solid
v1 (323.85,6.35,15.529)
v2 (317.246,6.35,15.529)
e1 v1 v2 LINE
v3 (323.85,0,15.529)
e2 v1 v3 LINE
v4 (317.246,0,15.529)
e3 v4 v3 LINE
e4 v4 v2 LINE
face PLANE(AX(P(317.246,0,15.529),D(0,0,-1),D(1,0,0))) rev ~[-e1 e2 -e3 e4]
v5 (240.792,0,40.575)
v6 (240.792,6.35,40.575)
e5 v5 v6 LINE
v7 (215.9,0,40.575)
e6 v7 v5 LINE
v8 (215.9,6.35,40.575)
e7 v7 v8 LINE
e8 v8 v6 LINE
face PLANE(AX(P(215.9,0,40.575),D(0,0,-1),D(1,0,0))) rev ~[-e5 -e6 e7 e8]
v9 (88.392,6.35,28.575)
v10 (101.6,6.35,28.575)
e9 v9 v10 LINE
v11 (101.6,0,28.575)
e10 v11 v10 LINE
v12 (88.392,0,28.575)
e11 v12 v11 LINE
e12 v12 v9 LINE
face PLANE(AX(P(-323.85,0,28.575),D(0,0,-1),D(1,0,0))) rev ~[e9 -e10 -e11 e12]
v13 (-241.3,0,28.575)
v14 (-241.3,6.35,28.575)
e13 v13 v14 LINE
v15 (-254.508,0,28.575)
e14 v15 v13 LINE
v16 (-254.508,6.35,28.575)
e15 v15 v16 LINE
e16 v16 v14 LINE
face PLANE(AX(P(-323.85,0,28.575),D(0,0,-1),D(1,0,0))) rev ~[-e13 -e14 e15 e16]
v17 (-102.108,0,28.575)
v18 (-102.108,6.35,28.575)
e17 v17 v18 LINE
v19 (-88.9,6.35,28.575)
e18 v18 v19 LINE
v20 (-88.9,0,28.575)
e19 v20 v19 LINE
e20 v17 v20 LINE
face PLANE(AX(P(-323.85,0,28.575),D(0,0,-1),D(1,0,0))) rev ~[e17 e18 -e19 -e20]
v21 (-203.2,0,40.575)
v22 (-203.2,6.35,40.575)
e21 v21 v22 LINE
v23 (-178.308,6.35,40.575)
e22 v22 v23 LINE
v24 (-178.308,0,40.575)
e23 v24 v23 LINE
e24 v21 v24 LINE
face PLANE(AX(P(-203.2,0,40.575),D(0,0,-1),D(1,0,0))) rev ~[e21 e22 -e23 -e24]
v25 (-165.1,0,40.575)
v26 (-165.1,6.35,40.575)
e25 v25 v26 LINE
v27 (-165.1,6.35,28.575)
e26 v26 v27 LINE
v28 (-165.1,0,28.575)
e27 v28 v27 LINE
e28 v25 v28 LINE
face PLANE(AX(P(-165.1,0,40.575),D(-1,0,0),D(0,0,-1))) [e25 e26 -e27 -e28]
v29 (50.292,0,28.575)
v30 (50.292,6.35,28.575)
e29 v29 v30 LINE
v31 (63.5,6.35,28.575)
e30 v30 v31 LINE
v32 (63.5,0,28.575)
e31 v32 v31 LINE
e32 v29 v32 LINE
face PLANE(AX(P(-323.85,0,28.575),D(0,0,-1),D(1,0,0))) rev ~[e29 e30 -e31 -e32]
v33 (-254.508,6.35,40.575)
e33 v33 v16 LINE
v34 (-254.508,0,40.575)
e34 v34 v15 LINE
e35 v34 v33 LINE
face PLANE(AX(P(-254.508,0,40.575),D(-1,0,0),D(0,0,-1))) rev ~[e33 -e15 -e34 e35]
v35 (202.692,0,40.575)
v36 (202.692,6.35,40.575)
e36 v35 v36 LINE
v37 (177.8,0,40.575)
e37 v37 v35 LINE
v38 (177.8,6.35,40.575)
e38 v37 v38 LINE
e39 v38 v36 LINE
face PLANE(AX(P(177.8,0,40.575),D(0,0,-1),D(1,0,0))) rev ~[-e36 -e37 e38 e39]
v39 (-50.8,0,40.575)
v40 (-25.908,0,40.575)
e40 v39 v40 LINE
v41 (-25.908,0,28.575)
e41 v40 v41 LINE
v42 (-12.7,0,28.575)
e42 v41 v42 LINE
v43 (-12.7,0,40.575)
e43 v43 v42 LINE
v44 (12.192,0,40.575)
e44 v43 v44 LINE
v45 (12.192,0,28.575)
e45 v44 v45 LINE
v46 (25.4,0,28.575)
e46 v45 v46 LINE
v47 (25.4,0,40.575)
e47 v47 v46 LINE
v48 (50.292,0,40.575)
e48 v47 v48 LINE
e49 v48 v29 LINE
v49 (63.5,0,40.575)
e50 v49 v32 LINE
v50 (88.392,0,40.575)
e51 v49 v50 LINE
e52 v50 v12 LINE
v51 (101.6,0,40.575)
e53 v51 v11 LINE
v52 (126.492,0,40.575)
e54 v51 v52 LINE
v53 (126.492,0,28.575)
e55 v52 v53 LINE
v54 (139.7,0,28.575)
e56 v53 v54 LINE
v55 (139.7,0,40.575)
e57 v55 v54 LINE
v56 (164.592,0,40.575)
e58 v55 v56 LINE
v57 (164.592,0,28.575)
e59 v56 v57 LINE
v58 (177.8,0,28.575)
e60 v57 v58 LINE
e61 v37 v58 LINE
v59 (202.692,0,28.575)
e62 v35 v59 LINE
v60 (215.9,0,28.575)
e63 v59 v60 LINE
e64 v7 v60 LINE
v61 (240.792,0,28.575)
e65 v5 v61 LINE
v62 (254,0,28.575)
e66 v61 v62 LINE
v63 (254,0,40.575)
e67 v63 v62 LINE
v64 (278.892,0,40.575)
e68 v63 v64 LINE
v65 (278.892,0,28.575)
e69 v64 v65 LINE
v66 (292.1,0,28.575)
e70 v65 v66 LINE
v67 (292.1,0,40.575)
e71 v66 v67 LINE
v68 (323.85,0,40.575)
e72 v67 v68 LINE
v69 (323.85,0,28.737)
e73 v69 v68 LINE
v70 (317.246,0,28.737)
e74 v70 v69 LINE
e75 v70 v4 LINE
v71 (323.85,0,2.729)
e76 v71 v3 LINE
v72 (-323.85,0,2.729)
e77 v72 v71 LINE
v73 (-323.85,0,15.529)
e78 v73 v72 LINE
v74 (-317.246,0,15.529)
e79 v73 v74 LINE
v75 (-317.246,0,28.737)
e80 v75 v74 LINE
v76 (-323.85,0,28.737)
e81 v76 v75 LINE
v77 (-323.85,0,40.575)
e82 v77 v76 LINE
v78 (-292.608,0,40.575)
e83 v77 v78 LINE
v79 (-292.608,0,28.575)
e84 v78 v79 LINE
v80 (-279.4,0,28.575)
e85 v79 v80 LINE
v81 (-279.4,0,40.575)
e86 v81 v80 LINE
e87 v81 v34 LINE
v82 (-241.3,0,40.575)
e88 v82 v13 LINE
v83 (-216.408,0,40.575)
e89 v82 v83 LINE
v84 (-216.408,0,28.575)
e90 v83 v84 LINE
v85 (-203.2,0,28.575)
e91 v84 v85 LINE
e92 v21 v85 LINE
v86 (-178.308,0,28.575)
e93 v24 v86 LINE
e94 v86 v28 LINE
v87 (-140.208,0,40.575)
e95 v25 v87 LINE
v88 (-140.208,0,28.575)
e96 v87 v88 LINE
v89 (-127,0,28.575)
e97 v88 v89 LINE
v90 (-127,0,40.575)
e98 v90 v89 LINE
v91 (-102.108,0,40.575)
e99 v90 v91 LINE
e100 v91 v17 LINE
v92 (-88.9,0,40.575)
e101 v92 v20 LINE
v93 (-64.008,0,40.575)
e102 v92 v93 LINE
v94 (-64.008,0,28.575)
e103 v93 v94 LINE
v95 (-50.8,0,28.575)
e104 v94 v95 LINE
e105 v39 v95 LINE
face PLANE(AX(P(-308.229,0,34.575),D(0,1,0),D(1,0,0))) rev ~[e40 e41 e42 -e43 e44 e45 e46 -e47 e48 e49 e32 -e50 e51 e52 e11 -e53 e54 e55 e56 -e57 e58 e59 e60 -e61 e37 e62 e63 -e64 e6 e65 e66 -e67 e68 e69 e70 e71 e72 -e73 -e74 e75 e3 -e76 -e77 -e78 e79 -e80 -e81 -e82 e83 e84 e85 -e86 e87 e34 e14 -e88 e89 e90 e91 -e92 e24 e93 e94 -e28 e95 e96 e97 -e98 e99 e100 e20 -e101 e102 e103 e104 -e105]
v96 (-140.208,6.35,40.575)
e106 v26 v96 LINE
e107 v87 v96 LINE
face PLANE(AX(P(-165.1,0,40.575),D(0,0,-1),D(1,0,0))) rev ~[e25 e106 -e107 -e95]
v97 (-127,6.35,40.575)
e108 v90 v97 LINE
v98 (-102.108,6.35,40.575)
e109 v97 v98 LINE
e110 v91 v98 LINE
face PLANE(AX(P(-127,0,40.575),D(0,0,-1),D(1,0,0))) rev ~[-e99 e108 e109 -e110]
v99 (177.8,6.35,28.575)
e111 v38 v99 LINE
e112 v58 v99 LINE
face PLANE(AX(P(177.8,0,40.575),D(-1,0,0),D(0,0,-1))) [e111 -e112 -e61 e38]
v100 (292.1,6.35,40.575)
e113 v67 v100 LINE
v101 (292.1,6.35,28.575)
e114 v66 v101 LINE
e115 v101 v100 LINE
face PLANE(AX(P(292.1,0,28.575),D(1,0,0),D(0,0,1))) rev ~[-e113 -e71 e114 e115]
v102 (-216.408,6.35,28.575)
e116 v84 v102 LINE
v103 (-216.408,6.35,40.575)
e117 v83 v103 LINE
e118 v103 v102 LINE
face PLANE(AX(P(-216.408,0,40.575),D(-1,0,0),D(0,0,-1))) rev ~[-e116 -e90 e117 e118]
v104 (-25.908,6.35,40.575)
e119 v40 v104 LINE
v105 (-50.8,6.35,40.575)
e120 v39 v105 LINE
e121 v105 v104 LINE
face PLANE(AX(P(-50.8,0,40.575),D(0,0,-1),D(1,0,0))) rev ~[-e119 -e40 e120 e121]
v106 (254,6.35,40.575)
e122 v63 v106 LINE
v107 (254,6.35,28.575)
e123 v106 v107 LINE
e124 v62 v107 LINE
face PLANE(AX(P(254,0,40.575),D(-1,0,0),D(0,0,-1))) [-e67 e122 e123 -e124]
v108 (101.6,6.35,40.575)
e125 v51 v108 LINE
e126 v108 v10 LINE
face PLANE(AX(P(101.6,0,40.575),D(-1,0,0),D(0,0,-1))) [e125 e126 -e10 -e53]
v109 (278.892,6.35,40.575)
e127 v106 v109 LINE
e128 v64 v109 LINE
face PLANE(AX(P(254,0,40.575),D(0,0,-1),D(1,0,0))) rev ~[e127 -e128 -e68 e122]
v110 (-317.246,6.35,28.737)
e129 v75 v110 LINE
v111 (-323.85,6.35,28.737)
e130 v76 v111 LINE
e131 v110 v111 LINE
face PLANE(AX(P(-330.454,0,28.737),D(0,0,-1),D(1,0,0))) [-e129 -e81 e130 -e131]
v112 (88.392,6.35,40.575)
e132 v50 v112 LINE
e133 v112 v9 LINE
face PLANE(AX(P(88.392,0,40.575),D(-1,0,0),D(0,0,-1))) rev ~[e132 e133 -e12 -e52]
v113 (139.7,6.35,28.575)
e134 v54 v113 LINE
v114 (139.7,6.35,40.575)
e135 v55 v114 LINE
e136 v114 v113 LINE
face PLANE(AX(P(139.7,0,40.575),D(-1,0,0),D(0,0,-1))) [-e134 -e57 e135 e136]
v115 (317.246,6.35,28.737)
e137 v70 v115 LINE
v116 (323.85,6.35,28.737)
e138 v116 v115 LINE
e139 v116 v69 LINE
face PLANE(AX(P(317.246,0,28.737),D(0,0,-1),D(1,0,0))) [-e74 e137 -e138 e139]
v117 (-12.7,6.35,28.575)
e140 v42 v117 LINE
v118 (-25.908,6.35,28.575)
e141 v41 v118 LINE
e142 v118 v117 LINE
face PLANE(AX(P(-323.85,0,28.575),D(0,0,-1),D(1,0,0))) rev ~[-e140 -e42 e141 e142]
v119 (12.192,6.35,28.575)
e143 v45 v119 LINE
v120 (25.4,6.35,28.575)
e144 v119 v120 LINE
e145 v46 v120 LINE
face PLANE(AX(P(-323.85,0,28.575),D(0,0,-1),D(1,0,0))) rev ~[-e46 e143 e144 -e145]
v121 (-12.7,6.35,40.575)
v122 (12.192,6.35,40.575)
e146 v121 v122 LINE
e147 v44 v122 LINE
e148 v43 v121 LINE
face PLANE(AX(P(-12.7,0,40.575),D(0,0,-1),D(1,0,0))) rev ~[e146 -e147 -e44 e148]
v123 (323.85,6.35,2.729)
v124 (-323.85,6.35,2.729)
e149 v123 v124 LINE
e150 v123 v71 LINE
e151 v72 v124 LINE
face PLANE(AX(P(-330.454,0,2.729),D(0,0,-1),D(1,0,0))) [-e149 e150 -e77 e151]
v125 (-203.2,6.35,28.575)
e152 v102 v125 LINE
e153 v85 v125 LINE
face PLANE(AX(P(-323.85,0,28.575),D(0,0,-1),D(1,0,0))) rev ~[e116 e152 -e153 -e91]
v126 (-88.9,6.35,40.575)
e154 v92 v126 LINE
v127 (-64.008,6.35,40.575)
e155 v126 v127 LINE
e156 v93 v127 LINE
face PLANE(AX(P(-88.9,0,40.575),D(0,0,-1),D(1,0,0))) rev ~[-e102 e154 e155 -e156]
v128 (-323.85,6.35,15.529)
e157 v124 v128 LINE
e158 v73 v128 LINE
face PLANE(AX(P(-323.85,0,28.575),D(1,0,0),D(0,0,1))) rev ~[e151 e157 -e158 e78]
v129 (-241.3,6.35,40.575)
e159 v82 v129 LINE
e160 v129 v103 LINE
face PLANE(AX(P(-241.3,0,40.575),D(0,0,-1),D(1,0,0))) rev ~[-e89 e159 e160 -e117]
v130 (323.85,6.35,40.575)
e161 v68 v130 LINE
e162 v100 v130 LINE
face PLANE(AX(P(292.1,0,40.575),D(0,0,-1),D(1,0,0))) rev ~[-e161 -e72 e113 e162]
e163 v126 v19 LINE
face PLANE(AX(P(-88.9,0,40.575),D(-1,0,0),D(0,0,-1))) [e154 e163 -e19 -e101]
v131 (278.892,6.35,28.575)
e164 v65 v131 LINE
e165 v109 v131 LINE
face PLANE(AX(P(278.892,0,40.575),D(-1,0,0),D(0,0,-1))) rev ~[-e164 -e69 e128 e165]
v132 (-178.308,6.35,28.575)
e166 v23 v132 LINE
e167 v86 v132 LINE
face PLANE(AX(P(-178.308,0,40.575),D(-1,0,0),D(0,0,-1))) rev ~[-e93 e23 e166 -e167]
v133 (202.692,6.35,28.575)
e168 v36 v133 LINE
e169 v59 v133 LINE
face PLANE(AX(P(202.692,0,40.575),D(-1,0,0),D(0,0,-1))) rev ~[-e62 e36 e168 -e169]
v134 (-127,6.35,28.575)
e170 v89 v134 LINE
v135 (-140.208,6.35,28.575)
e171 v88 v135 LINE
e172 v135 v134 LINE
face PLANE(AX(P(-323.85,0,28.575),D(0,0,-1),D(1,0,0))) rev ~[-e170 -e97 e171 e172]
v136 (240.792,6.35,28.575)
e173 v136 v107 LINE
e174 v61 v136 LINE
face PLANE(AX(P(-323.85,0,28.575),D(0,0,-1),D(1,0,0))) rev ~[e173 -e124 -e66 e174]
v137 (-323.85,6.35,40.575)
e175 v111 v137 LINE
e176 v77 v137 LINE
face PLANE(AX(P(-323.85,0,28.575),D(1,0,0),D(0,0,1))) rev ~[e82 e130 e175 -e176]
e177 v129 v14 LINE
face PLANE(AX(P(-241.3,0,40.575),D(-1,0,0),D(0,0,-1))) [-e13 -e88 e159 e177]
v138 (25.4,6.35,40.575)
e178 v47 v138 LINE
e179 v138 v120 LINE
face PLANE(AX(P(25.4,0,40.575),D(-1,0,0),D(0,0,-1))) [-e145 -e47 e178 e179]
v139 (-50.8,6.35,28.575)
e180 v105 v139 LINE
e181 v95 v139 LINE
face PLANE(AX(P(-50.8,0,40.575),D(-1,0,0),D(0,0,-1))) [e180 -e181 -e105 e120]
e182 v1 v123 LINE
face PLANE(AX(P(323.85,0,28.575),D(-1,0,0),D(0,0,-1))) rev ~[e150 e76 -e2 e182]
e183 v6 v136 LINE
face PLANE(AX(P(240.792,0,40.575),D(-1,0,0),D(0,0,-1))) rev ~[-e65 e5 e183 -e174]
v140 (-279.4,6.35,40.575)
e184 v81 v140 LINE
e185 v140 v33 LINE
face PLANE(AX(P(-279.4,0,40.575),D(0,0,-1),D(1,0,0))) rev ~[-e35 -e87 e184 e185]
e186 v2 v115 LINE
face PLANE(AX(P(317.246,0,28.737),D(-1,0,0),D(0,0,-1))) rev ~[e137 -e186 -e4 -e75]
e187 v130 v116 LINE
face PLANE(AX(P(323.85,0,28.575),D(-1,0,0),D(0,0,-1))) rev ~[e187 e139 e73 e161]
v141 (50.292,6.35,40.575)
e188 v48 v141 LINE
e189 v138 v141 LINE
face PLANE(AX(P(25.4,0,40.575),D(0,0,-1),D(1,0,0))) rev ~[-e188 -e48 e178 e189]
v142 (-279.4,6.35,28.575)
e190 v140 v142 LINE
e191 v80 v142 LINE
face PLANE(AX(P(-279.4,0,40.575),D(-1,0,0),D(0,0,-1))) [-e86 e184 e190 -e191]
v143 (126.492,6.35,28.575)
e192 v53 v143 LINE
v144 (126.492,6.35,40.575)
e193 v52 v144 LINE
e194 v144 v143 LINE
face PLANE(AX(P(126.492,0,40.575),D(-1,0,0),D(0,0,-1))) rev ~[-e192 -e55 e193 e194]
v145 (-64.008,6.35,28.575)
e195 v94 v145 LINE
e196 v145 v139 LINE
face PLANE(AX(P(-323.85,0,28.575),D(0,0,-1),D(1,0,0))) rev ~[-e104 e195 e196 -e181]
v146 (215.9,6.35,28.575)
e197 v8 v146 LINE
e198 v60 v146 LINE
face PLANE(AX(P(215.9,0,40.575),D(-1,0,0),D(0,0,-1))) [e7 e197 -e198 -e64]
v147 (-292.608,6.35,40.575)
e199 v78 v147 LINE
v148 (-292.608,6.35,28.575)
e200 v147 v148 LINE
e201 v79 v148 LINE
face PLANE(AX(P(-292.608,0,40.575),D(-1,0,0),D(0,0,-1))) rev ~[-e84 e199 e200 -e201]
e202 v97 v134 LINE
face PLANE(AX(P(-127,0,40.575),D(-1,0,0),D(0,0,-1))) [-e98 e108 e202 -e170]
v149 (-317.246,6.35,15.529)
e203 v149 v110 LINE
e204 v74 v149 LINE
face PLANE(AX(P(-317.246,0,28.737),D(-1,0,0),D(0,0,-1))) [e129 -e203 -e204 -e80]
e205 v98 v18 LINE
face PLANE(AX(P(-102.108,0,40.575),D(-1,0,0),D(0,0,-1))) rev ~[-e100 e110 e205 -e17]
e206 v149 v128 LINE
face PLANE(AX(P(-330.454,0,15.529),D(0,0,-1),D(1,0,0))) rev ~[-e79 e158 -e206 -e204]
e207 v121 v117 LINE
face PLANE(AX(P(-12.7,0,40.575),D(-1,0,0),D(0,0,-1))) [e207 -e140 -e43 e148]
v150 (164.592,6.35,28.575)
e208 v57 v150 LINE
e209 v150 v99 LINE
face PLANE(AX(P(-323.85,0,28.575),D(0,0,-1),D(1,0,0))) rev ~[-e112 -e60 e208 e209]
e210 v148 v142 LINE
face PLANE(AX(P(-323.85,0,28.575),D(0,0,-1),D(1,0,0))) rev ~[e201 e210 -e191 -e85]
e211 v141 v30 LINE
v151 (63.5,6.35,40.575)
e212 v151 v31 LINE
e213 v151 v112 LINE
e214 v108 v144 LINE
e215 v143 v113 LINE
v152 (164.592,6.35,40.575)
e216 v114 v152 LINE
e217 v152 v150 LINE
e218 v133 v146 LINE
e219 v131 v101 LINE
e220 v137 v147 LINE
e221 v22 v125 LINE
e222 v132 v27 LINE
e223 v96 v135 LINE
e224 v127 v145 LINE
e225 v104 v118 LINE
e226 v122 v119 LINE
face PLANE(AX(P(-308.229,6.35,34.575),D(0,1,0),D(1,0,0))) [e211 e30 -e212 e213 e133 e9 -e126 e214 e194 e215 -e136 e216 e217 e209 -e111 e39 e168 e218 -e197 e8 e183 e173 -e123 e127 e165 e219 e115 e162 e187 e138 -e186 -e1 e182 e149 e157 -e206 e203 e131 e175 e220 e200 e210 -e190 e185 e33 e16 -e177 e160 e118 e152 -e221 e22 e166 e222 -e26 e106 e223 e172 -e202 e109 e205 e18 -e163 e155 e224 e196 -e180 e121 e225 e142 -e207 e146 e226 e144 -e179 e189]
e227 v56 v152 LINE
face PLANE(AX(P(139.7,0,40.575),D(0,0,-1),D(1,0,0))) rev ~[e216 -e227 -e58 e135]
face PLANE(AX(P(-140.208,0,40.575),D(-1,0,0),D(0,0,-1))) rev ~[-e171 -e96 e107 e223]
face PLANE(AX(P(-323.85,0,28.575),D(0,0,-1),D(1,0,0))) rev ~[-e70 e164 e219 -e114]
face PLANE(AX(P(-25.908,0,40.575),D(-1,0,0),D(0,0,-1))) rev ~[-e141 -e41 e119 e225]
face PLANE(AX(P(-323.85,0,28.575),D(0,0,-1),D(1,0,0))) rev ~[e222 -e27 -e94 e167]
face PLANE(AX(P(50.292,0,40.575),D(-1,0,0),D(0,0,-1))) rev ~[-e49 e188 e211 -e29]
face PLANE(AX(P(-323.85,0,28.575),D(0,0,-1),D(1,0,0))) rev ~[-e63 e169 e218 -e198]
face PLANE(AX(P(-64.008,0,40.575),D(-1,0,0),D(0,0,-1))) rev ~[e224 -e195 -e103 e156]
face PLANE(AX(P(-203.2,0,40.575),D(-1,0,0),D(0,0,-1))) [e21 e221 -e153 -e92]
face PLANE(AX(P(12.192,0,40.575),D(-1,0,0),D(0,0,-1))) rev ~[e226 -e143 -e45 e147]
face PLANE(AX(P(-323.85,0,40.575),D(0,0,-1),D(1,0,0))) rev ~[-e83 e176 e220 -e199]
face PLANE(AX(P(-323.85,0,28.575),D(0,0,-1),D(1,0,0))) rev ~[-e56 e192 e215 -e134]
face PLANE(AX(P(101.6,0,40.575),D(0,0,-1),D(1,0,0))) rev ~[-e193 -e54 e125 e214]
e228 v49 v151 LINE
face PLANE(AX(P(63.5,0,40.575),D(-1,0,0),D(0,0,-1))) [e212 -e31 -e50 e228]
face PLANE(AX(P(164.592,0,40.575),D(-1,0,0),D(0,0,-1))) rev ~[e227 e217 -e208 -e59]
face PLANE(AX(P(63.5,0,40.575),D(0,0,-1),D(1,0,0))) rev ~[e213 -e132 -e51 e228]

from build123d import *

# Parameters (mm, degrees)
SKETCH1_W           = 647.7
SKETCH1_H           = 57.15
BOSS_EXTRUDE1_DEPTH = 6.35
SKETCH3_W           = 24.892
SKETCH3_H           = 12
BOSS_EXTRUDE2_DEPTH = 6.35
SKETCH4_W           = 13.208
SKETCH4_H           = 13.208
CUT_EXTRUDE2_DEPTH  = 327.443679101
SKETCH5_W           = 647.7
SKETCH5_H           = 6.35
CUT_EXTRUDE3_DEPTH  = 31.304


with BuildPart() as part:
    # Sketch1 → Boss-Extrude1 (new body)
    with BuildSketch(Plane(origin=(0, 0, 0), x_dir=(1, 0, 0), z_dir=(0, 1, 0))):
        Rectangle(SKETCH1_W, SKETCH1_H)
    extrude(amount=BOSS_EXTRUDE1_DEPTH)

    # Sketch3 → Boss-Extrude2 (add)
    with BuildSketch(Plane(origin=(0, 0, 0), x_dir=(1, 0, 0), z_dir=(0, 1, 0))):
        Polygon((-317.5, -40.575), (-292.608, -40.575), (-292.608, -28.575), (-317.5, -28.575), (-323.85, -28.575), (-323.85, -40.575), align=None)
        with Locations((-266.954, -34.575)):
            Rectangle(SKETCH3_W, SKETCH3_H)
        with Locations((-228.854, -34.575)):
            Rectangle(SKETCH3_W, SKETCH3_H)
        with Locations((-190.754, -34.575)):
            Rectangle(SKETCH3_W, SKETCH3_H)
        with Locations((-152.654, -34.575)):
            Rectangle(SKETCH3_W, SKETCH3_H)
        with Locations((-114.554, -34.575)):
            Rectangle(SKETCH3_W, SKETCH3_H)
        with Locations((-76.454, -34.575)):
            Rectangle(SKETCH3_W, SKETCH3_H)
        with Locations((-38.354, -34.575)):
            Rectangle(SKETCH3_W, SKETCH3_H)
        with Locations((-0.254, -34.575)):
            Rectangle(SKETCH3_W, SKETCH3_H)
        with Locations((37.846, -34.575)):
            Rectangle(SKETCH3_W, SKETCH3_H)
        with Locations((75.946, -34.575)):
            Rectangle(SKETCH3_W, SKETCH3_H)
        with Locations((114.046, -34.575)):
            Rectangle(SKETCH3_W, SKETCH3_H)
        with Locations((152.146, -34.575)):
            Rectangle(SKETCH3_W, SKETCH3_H)
        with Locations((190.246, -34.575)):
            Rectangle(SKETCH3_W, SKETCH3_H)
        with Locations((228.346, -34.575)):
            Rectangle(SKETCH3_W, SKETCH3_H)
        with Locations((266.446, -34.575)):
            Rectangle(SKETCH3_W, SKETCH3_H)
        Polygon((316.992, -28.575), (292.1, -28.575), (292.1, -40.575), (316.992, -40.575), (323.85, -40.575), (323.85, -28.575), align=None)
    extrude(amount=BOSS_EXTRUDE2_DEPTH)

    # Sketch4 → Cut-Extrude2 (cut, through all)
    with BuildSketch(Plane(origin=(0, 0, 0), x_dir=(1, 0, 0), z_dir=(0, 1, 0))):
        with Locations((-323.85, 3.875)):
            Rectangle(SKETCH4_W, SKETCH4_H)
        with Locations((-323.85, -22.133)):
            Rectangle(SKETCH4_W, SKETCH4_H)
        with Locations((323.85, -22.133)):
            Rectangle(SKETCH4_W, SKETCH4_H)
        with Locations((323.85, 3.875)):
            Rectangle(SKETCH4_W, SKETCH4_H)
        with Locations((-323.85, -48.141)):
            Rectangle(SKETCH4_W, SKETCH4_H)
        with Locations((323.85, -48.141)):
            Rectangle(SKETCH4_W, SKETCH4_H)
    extrude(amount=CUT_EXTRUDE2_DEPTH, mode=Mode.SUBTRACT)

    # Sketch5 → Cut-Extrude3 (cut)
    with BuildSketch(Plane(origin=(0, 0, -28.575), x_dir=(-1, 0, 0), z_dir=(0, 0, -1))):
        with Locations((0, 3.175)):
            Rectangle(SKETCH5_W, SKETCH5_H)
    extrude(amount=-CUT_EXTRUDE3_DEPTH, mode=Mode.SUBTRACT)


solid = part.part
